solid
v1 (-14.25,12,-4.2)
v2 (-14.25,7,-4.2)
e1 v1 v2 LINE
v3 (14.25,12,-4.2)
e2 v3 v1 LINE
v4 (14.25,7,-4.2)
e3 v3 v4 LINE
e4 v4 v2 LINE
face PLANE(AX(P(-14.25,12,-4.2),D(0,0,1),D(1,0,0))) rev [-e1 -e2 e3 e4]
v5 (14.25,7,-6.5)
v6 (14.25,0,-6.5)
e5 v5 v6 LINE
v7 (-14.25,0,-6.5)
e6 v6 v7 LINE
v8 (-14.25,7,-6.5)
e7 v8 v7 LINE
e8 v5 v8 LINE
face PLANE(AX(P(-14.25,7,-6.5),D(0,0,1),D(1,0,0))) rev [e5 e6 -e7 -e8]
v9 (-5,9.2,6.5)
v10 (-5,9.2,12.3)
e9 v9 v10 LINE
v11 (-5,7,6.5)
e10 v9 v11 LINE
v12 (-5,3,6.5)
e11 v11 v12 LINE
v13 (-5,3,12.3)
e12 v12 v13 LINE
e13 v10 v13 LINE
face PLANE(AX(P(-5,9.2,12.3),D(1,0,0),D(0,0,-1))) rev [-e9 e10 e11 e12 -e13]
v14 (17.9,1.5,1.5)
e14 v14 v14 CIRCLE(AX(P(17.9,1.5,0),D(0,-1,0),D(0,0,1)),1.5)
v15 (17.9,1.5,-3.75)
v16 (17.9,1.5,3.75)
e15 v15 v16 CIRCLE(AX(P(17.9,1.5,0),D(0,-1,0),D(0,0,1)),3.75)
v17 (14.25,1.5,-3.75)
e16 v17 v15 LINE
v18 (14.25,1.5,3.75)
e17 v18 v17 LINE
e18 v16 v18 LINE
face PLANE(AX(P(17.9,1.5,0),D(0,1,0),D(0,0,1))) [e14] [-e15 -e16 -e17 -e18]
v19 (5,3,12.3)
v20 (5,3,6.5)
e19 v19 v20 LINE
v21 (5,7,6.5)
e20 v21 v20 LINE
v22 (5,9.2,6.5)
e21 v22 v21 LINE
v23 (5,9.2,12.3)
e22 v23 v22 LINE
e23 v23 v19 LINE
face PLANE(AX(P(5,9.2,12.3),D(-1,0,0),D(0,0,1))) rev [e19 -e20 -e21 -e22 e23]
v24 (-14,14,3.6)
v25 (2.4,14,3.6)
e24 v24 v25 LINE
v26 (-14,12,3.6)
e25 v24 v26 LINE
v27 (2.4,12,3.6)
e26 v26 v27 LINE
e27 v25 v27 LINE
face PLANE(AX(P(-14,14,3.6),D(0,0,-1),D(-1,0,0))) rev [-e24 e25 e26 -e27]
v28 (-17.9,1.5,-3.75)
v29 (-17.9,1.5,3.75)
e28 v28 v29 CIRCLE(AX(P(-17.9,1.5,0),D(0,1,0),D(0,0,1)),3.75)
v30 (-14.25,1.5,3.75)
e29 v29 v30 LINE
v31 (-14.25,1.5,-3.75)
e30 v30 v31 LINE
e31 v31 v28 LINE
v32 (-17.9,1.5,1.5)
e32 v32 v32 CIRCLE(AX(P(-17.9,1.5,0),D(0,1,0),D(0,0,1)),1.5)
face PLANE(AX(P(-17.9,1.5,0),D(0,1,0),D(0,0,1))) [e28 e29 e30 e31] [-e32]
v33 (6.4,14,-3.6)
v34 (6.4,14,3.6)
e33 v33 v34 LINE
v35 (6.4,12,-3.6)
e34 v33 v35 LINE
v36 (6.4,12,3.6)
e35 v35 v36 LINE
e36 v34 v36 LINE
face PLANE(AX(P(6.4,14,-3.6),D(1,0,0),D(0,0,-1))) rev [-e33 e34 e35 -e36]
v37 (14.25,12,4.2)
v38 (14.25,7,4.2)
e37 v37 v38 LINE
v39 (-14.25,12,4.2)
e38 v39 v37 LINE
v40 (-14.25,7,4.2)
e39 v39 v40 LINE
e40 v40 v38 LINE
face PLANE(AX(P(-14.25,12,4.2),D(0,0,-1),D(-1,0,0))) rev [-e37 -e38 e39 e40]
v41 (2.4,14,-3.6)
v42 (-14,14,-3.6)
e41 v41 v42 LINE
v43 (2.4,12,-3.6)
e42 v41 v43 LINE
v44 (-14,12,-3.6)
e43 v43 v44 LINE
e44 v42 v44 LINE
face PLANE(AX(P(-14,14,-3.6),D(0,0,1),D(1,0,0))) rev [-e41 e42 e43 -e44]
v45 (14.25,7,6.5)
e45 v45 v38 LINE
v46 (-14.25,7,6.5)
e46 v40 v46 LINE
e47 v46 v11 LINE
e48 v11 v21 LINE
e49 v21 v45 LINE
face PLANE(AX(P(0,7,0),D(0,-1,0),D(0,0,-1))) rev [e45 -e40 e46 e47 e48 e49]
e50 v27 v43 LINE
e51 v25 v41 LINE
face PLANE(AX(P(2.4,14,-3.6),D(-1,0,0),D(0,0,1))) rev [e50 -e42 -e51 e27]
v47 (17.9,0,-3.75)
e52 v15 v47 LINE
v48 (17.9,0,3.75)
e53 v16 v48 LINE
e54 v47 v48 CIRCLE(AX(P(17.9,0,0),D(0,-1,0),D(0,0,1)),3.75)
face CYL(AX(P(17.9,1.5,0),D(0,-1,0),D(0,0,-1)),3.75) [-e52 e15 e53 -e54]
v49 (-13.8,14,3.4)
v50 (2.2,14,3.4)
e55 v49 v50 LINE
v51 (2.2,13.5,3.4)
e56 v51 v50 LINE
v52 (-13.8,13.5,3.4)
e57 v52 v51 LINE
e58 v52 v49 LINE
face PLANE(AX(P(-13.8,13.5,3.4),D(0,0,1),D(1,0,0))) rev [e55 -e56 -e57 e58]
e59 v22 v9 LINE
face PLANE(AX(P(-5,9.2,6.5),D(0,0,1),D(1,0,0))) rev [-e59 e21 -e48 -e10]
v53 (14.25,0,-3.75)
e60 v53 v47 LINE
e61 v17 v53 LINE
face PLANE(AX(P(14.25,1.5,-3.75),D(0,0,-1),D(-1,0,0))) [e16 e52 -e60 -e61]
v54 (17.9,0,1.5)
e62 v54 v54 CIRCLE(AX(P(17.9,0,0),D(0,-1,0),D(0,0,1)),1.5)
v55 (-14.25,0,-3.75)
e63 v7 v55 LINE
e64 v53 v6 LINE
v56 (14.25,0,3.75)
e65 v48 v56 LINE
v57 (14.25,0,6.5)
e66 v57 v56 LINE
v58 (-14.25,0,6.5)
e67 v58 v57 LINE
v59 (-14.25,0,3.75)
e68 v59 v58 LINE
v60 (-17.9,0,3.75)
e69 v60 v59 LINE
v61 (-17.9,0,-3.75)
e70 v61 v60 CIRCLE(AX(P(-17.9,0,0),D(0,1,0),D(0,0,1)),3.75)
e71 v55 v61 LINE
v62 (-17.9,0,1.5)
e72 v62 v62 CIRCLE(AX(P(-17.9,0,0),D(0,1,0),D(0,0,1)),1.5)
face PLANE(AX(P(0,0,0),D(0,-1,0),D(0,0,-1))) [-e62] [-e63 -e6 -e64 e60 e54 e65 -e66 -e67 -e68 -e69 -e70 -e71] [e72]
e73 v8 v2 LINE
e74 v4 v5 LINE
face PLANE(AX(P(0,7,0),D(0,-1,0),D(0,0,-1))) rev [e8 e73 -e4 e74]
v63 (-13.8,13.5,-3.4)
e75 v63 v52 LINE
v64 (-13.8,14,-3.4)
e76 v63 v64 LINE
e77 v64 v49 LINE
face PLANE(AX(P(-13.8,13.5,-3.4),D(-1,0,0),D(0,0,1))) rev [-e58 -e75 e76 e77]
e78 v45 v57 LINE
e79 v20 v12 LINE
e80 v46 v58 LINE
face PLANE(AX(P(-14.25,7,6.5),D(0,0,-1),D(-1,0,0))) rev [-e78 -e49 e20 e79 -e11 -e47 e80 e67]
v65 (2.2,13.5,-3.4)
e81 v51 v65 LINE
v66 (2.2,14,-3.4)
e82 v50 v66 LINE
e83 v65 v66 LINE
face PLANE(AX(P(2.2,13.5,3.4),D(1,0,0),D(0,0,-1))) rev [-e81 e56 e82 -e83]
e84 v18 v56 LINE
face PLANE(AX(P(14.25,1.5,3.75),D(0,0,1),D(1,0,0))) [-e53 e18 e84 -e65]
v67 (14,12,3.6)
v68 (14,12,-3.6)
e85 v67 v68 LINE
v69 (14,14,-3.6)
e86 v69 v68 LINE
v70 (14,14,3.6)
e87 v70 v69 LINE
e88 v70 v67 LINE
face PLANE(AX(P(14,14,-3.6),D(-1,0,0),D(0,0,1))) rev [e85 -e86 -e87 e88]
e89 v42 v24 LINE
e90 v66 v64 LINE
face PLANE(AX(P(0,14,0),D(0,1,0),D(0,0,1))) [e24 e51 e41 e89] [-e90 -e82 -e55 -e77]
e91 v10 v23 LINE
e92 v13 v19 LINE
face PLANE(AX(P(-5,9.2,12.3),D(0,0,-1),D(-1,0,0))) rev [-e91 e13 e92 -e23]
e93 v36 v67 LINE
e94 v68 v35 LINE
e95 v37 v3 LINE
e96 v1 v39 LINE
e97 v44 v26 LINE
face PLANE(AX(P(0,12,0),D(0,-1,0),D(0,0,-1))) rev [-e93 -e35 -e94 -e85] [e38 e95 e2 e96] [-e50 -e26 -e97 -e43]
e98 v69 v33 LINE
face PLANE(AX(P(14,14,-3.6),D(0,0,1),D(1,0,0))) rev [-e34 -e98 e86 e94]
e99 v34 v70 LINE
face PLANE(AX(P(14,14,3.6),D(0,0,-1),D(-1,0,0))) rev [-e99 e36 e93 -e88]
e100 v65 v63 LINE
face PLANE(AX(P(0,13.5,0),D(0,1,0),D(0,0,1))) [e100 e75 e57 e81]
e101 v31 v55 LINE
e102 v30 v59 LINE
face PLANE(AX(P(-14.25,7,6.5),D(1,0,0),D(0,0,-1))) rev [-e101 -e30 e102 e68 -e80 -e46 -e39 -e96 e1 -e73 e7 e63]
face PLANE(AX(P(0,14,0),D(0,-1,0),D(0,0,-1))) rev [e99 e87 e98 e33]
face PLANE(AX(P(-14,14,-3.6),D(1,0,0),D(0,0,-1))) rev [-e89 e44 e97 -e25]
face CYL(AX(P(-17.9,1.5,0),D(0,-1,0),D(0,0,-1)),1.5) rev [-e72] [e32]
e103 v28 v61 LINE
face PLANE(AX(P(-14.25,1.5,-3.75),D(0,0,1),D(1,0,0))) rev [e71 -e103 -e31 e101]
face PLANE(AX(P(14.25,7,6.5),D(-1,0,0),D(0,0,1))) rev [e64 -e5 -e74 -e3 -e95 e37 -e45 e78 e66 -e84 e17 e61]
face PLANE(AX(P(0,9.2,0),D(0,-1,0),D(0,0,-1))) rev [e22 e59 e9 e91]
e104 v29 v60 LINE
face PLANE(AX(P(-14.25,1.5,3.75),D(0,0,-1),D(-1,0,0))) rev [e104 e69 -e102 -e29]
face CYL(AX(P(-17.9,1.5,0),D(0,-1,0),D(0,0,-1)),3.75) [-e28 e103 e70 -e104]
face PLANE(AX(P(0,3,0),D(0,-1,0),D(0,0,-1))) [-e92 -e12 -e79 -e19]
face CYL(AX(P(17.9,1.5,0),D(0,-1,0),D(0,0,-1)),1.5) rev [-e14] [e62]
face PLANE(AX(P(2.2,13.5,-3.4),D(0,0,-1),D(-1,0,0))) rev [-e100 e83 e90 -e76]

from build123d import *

# Parameters (mm, degrees)
SKETCH1_W           = 28.5
SKETCH1_H           = 13
BOSS_EXTRUDE1_DEPTH = 7
SKETCH2_W           = 28.5
SKETCH2_H           = 8.4
BOSS_EXTRUDE2_DEPTH = 5
SKETCH4_W           = 16.4
SKETCH4_H           = 7.2
SKETCH4_W_2         = 7.6
BOSS_EXTRUDE3_DEPTH = 2
SKETCH5_W           = 16
SKETCH5_H           = 6.8
CUT_EXTRUDE1_DEPTH  = 0.5
SKETCH6_R           = 1.5
BOSS_EXTRUDE4_DEPTH = 1.5
SKETCH7_W           = 10
SKETCH7_H           = 5.8
BOSS_EXTRUDE5_DEPTH = 6.2


with BuildPart() as part:
    # Sketch1 → Boss-Extrude1 (new body)
    with BuildSketch(Plane(origin=(0, 0, 0), x_dir=(1, 0, 0), z_dir=(0, 1, 0))):
        Rectangle(SKETCH1_W, SKETCH1_H)
    extrude(amount=BOSS_EXTRUDE1_DEPTH)

    # Sketch2 → Boss-Extrude2 (add)
    with BuildSketch(Plane(origin=(0, 7, 0), x_dir=(1, 0, 0), z_dir=(0, 1, 0))):
        Rectangle(SKETCH2_W, SKETCH2_H)
    extrude(amount=BOSS_EXTRUDE2_DEPTH)

    # Sketch4 → Boss-Extrude3 (add)
    with BuildSketch(Plane(origin=(0, 12, 0), x_dir=(1, 0, 0), z_dir=(0, 1, 0))):
        with Locations((-5.8, 0)):
            Rectangle(SKETCH4_W, SKETCH4_H)
        with Locations((10.2, 0)):
            Rectangle(SKETCH4_W_2, SKETCH4_H)
    extrude(amount=BOSS_EXTRUDE3_DEPTH)

    # Sketch5 → Cut-Extrude1 (cut)
    with BuildSketch(Plane(origin=(0, 14, 0), x_dir=(1, 0, 0), z_dir=(0, 1, 0))):
        with Locations((-5.8, 0)):
            Rectangle(SKETCH5_W, SKETCH5_H)
    extrude(amount=-CUT_EXTRUDE1_DEPTH, mode=Mode.SUBTRACT)

    # Sketch6 → Boss-Extrude4 (add)
    with BuildSketch(Plane(origin=(0, 0, 0), x_dir=(1, 0, 0), z_dir=(0, 1, 0))):
        with BuildLine():
            Line((-14.25, 3.75), (-14.25, -3.75))
            Line((-14.25, -3.75), (-17.9, -3.75))
            ThreePointArc((-17.9, -3.75), (-21.65, 0), (-17.9, 3.75))
            Line((-17.9, 3.75), (-14.25, 3.75))
        make_face()
        with Locations((-17.9, 0)):
            Circle(SKETCH6_R, mode=Mode.SUBTRACT)
    boss_extrude4 = extrude(amount=BOSS_EXTRUDE4_DEPTH)

    # Mirror1: Boss-Extrude4 across plane
    add(boss_extrude4.mirror(Plane(origin=(0, 0, 0), x_dir=(0, 0, 1), z_dir=(1, 0, 0))))

    # Sketch7 → Boss-Extrude5 (add)
    with BuildSketch(Plane(origin=(0, 3, 0), x_dir=(1, 0, 0), z_dir=(0, 1, 0))):
        with Locations((0, -9.4)):
            Rectangle(SKETCH7_W, SKETCH7_H)
    extrude(amount=BOSS_EXTRUDE5_DEPTH)


solid = part.part
